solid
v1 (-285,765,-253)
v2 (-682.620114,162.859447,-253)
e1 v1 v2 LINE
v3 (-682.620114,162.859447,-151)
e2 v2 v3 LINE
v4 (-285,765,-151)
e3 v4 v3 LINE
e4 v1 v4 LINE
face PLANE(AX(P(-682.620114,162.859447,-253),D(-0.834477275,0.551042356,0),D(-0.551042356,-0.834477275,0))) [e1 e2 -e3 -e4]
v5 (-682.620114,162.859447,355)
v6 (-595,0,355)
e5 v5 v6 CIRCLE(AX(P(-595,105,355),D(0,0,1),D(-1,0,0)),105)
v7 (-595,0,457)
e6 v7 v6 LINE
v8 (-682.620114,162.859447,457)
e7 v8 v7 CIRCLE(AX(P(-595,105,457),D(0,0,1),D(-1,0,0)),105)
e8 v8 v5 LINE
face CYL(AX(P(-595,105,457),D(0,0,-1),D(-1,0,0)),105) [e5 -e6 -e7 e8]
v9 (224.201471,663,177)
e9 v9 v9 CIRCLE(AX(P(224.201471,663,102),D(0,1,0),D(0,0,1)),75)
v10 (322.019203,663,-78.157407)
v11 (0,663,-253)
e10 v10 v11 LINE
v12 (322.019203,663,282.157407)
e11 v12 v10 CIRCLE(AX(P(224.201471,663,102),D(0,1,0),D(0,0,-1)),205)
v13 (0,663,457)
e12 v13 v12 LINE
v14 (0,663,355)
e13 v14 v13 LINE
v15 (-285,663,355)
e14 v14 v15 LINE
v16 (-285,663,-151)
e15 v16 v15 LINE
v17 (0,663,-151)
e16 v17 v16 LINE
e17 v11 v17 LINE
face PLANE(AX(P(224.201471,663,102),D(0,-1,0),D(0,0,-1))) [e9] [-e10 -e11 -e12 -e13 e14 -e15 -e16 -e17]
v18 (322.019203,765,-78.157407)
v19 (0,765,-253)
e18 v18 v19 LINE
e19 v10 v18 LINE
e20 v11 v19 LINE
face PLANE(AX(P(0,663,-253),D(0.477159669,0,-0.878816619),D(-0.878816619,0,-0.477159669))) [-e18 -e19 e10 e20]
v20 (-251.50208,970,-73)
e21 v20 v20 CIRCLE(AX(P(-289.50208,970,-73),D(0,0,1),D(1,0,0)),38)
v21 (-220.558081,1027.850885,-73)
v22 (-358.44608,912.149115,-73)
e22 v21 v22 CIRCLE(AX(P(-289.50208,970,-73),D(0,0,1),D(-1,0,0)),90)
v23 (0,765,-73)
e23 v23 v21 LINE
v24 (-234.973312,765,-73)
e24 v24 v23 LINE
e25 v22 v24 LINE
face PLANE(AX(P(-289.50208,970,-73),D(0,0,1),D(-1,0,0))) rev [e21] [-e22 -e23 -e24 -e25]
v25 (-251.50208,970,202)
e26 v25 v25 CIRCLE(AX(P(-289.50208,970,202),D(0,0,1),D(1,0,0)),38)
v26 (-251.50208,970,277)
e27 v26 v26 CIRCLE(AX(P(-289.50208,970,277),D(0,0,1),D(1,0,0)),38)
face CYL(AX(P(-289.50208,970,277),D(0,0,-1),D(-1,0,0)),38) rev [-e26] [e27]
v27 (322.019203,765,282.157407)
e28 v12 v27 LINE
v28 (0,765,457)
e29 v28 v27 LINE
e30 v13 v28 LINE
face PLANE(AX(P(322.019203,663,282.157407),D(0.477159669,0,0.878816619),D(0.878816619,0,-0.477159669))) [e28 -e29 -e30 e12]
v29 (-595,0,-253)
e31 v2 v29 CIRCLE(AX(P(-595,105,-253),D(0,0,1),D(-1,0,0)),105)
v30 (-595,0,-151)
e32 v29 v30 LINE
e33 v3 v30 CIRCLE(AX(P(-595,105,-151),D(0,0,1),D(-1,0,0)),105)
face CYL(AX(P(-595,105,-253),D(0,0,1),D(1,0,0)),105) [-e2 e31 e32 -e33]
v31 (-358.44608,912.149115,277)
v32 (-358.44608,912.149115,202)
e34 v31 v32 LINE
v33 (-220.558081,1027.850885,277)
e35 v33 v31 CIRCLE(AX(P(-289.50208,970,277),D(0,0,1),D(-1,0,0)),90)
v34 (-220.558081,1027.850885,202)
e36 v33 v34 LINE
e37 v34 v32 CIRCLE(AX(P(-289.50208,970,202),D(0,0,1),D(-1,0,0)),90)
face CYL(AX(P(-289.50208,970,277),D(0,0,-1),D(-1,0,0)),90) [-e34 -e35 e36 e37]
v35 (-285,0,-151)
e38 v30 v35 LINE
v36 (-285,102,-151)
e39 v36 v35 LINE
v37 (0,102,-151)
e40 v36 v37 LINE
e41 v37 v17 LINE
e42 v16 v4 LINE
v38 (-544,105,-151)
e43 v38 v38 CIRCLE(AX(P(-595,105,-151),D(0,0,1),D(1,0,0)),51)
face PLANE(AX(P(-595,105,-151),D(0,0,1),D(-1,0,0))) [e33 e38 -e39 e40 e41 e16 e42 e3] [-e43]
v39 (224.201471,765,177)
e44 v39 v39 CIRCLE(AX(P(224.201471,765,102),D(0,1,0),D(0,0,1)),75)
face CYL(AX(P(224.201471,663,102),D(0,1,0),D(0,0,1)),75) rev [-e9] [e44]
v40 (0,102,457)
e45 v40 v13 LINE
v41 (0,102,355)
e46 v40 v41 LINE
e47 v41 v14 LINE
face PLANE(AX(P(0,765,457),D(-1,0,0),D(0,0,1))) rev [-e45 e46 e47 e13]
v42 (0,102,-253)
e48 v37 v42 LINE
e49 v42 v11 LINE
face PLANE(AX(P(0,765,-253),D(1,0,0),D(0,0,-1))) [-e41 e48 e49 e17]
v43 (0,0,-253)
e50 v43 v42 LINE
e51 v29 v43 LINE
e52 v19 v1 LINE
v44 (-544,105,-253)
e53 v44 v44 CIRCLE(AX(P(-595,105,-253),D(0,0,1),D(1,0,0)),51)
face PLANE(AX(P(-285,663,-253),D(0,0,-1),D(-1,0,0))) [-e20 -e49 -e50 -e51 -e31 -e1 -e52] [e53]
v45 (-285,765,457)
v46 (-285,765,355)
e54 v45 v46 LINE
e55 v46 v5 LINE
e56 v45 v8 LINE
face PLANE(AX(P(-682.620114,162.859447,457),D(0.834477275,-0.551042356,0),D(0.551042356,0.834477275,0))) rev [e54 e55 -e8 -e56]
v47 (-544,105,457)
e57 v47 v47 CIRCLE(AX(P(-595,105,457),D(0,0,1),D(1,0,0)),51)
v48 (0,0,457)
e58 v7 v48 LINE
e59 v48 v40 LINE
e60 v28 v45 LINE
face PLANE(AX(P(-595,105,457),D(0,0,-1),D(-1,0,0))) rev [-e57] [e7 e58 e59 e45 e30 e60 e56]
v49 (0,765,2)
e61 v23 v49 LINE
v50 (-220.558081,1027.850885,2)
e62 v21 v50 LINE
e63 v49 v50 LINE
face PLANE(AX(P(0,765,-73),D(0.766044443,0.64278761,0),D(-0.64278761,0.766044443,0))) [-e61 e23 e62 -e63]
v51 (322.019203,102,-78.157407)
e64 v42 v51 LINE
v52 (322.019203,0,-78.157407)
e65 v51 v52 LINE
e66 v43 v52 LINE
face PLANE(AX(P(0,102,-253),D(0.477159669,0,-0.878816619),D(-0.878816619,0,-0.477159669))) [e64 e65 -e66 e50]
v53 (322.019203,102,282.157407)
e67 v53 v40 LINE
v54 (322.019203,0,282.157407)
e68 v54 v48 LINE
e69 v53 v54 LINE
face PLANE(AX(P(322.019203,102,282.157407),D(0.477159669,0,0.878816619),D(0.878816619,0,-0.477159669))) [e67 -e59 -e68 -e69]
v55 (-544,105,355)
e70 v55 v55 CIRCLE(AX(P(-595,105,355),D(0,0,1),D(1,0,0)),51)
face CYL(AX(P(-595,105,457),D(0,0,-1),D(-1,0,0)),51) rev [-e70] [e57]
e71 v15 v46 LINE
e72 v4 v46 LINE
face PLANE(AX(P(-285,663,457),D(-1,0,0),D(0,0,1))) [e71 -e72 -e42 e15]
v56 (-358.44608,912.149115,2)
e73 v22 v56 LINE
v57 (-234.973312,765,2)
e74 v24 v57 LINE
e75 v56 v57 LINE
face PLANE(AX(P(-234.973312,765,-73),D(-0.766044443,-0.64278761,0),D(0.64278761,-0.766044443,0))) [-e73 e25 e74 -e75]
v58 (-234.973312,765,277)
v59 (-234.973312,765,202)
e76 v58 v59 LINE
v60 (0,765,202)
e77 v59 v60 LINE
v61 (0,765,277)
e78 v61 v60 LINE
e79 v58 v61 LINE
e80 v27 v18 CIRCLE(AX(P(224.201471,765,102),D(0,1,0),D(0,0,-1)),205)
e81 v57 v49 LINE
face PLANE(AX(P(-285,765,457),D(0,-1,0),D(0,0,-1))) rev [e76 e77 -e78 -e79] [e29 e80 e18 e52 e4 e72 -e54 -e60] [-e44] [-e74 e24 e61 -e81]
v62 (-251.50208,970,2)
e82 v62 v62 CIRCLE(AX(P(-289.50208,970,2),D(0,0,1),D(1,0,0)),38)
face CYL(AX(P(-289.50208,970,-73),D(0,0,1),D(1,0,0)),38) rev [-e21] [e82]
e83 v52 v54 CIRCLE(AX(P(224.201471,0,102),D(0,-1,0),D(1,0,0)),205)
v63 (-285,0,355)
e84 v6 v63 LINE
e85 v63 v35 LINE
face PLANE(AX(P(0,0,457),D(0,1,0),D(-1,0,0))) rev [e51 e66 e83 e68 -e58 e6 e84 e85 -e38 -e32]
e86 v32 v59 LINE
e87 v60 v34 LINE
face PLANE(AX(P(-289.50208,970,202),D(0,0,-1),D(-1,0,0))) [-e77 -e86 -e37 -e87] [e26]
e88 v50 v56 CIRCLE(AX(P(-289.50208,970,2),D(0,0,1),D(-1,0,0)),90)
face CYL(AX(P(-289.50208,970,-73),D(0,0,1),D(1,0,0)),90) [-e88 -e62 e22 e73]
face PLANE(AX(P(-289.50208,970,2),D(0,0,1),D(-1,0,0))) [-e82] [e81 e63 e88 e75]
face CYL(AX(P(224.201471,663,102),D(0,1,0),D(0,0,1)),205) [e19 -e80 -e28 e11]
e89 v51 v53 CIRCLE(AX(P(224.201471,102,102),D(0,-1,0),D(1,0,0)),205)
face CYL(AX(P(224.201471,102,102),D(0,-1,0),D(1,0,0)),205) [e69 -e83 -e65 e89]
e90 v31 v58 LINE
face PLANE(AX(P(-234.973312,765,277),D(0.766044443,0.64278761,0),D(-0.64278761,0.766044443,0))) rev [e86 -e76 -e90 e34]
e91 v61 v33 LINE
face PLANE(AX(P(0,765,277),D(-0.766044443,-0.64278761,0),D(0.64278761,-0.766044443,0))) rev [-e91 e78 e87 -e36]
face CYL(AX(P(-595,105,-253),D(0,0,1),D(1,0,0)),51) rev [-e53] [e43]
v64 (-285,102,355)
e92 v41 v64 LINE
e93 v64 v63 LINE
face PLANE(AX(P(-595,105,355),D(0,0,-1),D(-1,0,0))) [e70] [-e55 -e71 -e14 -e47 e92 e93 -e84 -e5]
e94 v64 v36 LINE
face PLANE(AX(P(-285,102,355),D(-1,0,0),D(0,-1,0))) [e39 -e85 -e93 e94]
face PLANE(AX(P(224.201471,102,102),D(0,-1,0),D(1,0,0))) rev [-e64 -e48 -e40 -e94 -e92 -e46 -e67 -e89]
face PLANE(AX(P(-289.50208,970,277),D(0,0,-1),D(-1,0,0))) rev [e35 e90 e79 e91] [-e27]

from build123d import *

# Parameters (mm, degrees)
SKETCH2_R           = 51
BOSS_EXTRUDE1_DEPTH = 102
SKETCH3_R           = 75
BOSS_EXTRUDE2_DEPTH = 102
BOSS_EXTRUDE3_DEPTH = 102
BOSS_EXTRUDE7_START = 100
SKETCH17_R          = 38
BOSS_EXTRUDE7_DEPTH = 75


with BuildPart() as part:
    # Sketch2 → Boss-Extrude1 (new body)
    with BuildSketch(Plane.XY.offset(355)):
        with BuildLine():
            Line((-285, 765), (0, 765))
            Line((0, 765), (0, 0))
            Line((0, 0), (-595, 0))
            ThreePointArc((-595, 0), (-687.466864274, 55.251844141), (-682.620113823, 162.859447402))
            Line((-682.620113823, 162.859447402), (-285, 765))
        make_face()
        with Locations((-595, 105)):
            Circle(SKETCH2_R, mode=Mode.SUBTRACT)
    boss_extrude1 = extrude(amount=BOSS_EXTRUDE1_DEPTH)

    # Sketch3 → Boss-Extrude2 (add)
    with BuildSketch(Plane(origin=(0, 765, 0), x_dir=(1, 0, 0), z_dir=(0, 1, 0))):
        with BuildLine():
            Line((0, -457), (-285, -457))
            Line((-285, -457), (-285, 253))
            Line((-285, 253), (0, 253))
            Line((0, 253), (322.019203343, 78.15740693))
            ThreePointArc((322.019203343, 78.15740693), (429.201471167, -102), (322.019203343, -282.15740693))
            Line((322.019203343, -282.15740693), (0, -457))
        make_face()
        with Locations((224.201471167, -102)):
            Circle(SKETCH3_R, mode=Mode.SUBTRACT)
    extrude(amount=-BOSS_EXTRUDE2_DEPTH)

    # Mirror2: Boss-Extrude1 across plane
    add(boss_extrude1.mirror(Plane.XY.offset(102)))

    # Sketch9 → Boss-Extrude3 (add)
    with BuildSketch(Plane.XZ):
        with BuildLine():
            Line((0, -151), (0, -253))
            Line((0, -253), (322.019203343, -78.15740693))
            ThreePointArc((322.019203343, -78.15740693), (429.201471167, 102), (322.019203343, 282.15740693))
            Line((322.019203343, 282.15740693), (0, 457))
            Line((0, 457), (0, 355))
            Line((0, 355), (-285, 355))
            Line((-285, 355), (-285, -151))
            Line((-285, -151), (0, -151))
        make_face()
    extrude(amount=-BOSS_EXTRUDE3_DEPTH)

    # Sketch17 → Boss-Extrude7 (add)
    with BuildSketch(Plane.XY.offset(102).offset(BOSS_EXTRUDE7_START)):
        with BuildLine():
            Line((-234.97331208, 765), (0, 765))
            Line((0, 765), (-220.558080551, 1027.850884872))
            ThreePointArc((-220.558080551, 1027.850884872), (-347.352965303, 1038.943999881), (-358.446080312, 912.149115128))
            Line((-358.446080312, 912.149115128), (-234.97331208, 765))
        make_face()
        with Locations((-289.502080431, 970)):
            Circle(SKETCH17_R, mode=Mode.SUBTRACT)
    boss_extrude7 = extrude(amount=BOSS_EXTRUDE7_DEPTH)

    # Mirror5: Boss-Extrude7 across plane
    add(boss_extrude7.mirror(Plane.XY.offset(102)))


solid = part.part
